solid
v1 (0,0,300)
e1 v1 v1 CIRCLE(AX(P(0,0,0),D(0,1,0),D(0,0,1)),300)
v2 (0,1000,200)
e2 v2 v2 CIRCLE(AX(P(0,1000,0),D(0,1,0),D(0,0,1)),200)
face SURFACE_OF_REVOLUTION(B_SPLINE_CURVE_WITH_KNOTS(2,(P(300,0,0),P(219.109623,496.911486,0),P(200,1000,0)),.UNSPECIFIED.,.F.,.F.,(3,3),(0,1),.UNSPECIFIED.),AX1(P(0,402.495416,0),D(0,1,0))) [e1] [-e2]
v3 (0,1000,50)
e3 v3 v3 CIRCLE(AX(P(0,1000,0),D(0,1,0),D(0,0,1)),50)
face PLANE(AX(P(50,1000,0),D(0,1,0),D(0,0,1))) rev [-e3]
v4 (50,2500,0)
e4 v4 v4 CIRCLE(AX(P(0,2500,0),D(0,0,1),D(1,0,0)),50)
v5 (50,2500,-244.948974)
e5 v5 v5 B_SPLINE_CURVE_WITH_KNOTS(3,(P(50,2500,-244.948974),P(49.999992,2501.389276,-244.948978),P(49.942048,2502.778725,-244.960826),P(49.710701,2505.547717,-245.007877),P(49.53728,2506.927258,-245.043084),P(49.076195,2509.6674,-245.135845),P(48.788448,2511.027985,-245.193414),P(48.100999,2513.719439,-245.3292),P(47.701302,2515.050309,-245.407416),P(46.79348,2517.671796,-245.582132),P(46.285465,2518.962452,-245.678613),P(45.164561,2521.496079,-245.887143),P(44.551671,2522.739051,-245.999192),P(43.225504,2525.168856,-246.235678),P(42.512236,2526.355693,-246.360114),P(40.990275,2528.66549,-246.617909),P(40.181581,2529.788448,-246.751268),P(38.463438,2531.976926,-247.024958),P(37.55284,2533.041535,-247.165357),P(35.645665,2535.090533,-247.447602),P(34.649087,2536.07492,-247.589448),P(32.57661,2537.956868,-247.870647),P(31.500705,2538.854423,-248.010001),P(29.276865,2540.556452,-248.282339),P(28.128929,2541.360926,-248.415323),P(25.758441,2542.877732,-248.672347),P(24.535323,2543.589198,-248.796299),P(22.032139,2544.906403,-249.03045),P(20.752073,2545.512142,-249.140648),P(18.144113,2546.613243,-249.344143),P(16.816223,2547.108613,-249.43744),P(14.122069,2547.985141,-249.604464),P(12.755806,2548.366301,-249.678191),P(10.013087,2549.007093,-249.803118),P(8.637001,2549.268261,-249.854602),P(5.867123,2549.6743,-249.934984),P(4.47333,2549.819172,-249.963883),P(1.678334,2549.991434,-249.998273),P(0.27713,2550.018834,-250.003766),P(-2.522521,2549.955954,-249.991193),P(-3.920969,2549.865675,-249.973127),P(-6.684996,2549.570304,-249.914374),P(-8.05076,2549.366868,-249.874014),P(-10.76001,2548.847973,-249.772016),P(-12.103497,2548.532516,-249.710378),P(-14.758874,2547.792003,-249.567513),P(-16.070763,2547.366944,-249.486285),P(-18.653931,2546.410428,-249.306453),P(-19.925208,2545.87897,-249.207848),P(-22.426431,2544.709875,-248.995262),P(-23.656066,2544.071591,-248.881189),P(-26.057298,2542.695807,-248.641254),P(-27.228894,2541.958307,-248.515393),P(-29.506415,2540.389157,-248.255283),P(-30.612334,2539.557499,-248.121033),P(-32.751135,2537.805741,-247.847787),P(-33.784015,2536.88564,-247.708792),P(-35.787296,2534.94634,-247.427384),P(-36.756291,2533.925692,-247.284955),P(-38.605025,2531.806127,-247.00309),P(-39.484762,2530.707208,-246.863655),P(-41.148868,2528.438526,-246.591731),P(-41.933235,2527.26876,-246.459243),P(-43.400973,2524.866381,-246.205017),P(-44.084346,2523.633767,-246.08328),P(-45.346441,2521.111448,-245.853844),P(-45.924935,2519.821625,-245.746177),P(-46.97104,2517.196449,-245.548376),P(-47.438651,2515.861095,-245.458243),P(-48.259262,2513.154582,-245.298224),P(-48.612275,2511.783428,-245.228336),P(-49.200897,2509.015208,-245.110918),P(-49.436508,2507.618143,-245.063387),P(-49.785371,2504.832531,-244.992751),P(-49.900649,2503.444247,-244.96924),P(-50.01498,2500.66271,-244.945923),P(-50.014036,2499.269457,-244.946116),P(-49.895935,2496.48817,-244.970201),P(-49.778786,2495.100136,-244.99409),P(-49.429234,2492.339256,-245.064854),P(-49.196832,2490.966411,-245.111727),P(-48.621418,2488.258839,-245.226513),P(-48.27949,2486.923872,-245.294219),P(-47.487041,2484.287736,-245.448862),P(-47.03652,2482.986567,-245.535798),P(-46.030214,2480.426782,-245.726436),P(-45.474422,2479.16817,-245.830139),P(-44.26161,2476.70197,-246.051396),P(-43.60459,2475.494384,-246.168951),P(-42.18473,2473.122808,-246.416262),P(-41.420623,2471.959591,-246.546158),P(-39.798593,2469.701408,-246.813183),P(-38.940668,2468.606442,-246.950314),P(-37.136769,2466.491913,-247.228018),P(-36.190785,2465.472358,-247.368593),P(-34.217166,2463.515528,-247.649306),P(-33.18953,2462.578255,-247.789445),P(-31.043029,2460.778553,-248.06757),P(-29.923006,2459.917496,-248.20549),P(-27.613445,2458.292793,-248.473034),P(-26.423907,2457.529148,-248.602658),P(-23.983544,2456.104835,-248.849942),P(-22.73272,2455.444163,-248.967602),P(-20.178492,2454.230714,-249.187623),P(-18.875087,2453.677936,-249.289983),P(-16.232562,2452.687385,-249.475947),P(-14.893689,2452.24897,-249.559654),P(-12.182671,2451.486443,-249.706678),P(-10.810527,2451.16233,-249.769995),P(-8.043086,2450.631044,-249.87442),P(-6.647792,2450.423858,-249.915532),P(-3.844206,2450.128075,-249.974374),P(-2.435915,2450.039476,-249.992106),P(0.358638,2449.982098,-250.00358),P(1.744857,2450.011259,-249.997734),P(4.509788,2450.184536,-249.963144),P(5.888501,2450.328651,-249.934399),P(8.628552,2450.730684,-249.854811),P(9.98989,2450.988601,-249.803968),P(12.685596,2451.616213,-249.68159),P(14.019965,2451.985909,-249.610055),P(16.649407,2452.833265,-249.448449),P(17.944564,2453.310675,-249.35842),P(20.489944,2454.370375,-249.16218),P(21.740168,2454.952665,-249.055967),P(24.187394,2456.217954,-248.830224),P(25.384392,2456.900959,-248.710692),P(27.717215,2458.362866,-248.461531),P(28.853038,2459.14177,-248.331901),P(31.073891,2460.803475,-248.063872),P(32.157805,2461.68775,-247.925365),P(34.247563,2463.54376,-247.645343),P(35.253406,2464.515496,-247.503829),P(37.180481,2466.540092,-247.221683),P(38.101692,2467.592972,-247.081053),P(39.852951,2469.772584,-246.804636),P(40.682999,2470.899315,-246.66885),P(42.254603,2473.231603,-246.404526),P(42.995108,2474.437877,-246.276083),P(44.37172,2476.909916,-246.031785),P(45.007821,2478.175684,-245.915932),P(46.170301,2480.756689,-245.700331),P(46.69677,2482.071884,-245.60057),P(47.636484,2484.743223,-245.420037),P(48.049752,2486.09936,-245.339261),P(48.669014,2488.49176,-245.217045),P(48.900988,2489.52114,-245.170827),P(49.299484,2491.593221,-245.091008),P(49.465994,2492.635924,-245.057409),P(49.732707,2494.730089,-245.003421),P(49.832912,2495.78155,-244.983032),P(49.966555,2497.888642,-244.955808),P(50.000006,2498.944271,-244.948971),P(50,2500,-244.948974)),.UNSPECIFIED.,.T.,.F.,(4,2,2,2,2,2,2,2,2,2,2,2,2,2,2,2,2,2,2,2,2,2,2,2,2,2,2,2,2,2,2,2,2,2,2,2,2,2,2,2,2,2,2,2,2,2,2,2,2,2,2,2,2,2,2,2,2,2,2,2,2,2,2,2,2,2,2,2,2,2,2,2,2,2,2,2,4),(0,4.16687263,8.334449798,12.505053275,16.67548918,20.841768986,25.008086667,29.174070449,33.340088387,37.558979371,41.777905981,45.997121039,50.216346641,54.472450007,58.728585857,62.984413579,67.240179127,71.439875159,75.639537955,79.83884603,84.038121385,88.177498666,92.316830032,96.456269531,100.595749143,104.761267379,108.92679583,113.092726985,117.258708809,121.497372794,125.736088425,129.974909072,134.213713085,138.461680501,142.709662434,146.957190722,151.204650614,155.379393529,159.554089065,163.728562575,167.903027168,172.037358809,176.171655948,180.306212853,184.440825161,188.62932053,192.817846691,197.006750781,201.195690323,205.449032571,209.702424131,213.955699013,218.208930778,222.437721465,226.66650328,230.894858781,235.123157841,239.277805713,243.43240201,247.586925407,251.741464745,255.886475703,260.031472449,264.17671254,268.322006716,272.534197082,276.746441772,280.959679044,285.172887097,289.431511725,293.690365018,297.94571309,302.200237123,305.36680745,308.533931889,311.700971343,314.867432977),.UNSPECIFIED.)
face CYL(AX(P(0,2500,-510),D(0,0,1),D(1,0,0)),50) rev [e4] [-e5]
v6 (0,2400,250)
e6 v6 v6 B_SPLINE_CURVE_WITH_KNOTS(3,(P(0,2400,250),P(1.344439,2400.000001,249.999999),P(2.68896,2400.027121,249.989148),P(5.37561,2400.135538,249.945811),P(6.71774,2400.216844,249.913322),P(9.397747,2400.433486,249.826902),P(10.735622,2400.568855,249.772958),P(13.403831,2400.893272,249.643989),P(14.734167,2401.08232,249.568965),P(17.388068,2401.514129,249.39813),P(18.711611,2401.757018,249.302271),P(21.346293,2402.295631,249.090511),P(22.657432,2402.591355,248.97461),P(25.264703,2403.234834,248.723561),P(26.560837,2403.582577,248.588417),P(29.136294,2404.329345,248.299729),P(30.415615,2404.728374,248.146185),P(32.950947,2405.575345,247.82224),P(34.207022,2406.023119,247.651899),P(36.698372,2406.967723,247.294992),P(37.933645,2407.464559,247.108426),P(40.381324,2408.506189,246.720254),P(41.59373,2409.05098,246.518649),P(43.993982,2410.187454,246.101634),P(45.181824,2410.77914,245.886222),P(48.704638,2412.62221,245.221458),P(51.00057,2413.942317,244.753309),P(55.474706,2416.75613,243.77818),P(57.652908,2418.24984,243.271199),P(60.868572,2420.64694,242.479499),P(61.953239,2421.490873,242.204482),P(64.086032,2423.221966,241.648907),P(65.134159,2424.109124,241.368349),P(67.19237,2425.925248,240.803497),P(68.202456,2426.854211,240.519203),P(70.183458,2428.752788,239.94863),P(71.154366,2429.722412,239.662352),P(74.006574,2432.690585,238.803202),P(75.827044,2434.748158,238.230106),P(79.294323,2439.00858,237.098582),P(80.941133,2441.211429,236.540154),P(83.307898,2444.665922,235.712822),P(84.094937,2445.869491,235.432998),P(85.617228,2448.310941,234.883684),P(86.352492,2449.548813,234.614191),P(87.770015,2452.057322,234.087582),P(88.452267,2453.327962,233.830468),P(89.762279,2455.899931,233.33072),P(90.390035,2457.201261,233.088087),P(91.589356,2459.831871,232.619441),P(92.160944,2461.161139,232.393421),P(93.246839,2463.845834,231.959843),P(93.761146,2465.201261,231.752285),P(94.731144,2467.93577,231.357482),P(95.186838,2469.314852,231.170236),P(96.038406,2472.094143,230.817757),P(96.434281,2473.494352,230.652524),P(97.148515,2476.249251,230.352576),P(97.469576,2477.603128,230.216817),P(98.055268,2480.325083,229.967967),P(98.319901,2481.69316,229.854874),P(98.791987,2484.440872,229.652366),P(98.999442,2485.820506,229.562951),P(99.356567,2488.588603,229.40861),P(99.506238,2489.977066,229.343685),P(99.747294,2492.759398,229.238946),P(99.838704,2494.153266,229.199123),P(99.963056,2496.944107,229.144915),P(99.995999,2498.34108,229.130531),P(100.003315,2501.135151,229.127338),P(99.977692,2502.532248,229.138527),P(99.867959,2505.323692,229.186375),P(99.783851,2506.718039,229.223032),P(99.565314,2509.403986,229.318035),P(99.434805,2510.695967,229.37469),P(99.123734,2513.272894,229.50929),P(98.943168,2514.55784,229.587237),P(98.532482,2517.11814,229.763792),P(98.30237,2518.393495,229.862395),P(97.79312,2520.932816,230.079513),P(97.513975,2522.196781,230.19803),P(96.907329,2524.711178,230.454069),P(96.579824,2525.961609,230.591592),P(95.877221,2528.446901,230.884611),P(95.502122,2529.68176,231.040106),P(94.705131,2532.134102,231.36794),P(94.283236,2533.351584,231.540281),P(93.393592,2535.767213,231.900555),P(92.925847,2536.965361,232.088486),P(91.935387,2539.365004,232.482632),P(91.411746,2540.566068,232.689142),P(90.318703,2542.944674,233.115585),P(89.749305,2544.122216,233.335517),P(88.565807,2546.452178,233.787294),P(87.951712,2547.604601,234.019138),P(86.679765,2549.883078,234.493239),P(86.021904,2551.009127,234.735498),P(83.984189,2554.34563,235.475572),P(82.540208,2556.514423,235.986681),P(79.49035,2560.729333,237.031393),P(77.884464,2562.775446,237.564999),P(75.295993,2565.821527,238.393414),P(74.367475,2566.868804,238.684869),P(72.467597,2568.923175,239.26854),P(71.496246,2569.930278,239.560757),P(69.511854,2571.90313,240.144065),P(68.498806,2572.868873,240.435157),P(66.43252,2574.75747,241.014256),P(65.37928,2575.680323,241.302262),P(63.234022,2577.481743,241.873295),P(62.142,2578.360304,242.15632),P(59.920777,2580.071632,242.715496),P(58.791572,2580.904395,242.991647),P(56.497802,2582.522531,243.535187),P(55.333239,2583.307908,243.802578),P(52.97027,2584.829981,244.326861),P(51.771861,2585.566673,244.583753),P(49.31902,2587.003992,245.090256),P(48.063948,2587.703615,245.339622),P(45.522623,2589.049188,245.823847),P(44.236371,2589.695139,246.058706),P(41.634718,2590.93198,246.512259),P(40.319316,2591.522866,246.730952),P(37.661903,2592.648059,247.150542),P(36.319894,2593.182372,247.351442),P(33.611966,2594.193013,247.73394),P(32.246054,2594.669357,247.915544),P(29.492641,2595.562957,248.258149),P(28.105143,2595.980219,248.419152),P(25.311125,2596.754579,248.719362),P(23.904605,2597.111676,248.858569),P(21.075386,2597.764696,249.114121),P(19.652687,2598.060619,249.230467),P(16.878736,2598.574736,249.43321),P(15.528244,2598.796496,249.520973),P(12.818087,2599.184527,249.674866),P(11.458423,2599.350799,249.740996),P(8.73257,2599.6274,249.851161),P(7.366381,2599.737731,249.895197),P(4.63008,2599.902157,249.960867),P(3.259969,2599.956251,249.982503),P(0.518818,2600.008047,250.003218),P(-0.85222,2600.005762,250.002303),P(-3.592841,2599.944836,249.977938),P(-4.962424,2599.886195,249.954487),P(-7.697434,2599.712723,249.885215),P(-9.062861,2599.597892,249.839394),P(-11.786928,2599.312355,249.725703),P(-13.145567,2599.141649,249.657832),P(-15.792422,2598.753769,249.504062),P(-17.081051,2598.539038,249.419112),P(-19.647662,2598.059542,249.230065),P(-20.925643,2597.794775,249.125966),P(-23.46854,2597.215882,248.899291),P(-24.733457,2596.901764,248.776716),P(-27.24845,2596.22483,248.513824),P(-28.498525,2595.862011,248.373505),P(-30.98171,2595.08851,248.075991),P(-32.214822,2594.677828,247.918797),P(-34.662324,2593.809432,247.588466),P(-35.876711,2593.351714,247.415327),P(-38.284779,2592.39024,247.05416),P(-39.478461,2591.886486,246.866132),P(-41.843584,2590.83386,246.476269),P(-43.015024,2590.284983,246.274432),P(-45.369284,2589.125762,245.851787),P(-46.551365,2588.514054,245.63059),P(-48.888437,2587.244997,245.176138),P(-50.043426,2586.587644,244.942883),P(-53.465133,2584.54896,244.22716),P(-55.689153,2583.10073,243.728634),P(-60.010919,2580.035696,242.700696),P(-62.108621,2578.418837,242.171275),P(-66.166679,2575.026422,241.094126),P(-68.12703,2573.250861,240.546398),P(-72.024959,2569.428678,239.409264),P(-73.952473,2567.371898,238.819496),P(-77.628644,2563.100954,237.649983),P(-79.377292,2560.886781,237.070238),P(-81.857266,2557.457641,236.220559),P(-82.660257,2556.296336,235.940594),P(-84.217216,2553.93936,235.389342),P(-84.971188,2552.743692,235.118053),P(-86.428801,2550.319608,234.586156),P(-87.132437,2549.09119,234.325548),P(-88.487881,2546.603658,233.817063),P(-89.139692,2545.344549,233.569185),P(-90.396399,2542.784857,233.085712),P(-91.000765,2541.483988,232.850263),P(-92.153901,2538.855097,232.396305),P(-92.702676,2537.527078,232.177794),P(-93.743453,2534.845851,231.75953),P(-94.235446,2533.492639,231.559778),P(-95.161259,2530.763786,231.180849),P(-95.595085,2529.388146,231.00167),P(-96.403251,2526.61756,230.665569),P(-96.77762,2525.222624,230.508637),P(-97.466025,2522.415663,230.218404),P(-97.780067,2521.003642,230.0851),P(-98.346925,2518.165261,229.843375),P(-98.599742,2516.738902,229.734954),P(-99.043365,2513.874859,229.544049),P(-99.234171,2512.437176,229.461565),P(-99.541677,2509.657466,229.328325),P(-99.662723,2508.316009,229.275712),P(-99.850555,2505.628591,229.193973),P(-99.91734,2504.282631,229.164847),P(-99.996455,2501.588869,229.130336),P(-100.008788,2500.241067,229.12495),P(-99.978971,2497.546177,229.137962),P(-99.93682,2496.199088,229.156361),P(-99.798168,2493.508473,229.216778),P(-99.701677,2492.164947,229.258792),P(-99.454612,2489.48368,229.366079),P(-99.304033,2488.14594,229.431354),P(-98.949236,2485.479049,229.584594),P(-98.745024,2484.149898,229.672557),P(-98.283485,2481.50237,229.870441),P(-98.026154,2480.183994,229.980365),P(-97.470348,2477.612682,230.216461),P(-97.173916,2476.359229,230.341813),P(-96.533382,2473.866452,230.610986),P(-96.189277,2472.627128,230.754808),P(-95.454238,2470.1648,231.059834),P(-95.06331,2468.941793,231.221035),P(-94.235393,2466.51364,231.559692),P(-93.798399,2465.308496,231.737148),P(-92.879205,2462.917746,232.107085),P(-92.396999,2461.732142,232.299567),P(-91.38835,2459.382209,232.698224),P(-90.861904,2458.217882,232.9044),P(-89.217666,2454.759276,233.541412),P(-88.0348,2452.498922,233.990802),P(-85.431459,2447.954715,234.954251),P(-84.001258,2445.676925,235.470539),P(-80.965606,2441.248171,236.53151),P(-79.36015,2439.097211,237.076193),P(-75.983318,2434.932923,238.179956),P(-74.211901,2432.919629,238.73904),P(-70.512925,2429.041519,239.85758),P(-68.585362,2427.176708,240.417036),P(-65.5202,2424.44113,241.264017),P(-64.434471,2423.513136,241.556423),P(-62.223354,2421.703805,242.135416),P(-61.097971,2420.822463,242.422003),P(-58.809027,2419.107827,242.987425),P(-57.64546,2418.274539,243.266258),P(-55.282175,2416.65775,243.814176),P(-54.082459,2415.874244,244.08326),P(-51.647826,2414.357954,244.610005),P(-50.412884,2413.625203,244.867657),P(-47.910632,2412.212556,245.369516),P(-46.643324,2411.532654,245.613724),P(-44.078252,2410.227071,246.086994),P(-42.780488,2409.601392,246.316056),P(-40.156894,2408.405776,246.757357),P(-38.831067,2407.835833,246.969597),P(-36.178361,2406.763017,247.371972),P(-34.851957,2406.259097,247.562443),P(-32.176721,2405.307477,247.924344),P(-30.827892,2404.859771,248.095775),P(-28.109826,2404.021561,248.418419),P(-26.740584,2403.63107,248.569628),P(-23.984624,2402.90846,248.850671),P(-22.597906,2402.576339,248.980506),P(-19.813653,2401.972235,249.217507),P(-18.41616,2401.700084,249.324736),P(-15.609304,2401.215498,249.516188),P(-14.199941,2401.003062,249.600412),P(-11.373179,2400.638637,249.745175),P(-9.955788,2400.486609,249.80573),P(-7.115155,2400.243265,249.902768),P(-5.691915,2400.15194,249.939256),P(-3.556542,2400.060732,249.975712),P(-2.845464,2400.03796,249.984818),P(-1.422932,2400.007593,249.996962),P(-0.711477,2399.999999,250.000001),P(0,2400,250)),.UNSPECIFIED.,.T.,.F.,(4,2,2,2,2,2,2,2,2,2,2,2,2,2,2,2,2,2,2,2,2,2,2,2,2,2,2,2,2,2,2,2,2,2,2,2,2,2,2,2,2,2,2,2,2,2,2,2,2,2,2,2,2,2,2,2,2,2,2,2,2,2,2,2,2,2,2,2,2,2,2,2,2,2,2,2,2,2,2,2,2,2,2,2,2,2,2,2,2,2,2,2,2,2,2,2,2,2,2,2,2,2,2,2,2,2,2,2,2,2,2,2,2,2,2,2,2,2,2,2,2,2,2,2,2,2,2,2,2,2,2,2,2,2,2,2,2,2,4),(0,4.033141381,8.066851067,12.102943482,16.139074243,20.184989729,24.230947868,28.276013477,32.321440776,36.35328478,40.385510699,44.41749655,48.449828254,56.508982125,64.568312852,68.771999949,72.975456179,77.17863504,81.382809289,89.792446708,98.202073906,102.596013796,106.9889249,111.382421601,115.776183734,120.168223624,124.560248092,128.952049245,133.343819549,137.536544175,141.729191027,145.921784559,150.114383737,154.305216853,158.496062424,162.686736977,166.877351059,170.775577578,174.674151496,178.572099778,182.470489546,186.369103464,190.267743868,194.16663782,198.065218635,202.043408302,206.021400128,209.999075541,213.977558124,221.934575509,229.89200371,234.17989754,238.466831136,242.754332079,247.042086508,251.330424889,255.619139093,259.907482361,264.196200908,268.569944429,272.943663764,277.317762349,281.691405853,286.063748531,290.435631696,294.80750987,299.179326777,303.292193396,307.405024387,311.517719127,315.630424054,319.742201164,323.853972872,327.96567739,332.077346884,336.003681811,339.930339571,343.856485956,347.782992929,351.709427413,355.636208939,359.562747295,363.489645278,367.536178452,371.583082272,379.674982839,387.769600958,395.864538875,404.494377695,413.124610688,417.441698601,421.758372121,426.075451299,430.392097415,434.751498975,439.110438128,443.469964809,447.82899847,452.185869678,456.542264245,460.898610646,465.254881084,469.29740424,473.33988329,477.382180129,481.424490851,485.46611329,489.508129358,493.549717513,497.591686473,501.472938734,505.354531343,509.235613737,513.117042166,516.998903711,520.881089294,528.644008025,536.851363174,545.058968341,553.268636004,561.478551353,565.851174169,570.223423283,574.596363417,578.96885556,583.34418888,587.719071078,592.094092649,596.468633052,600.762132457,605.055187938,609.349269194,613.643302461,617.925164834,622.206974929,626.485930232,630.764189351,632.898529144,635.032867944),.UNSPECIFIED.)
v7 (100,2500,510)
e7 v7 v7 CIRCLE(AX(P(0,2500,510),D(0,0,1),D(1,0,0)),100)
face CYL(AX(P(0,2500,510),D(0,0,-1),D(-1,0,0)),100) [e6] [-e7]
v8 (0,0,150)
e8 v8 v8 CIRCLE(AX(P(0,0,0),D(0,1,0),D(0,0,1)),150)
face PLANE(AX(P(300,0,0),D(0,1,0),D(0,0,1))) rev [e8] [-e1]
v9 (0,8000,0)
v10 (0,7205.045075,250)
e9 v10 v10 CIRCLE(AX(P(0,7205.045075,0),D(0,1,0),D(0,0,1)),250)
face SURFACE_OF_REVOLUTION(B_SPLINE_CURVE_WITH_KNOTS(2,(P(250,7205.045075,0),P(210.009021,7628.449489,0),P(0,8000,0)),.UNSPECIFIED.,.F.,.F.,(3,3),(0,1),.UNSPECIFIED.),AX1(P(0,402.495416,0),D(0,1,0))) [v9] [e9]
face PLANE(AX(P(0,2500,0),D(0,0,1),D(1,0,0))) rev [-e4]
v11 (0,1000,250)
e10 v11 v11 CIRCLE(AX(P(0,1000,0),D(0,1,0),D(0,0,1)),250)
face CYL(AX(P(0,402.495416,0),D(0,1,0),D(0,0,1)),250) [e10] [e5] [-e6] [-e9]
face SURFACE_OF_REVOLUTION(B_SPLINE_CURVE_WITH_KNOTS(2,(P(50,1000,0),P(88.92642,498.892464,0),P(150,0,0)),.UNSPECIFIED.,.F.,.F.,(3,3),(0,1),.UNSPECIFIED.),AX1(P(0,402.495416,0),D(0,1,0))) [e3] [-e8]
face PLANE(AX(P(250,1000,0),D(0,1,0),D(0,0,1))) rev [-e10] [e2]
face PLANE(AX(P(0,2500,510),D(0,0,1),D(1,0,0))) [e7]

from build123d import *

# Parameters (mm, degrees)
SKETCH2_R           = 100
BOSS_EXTRUDE1_DEPTH = 510
SKETCH3_R           = 50
CUT_EXTRUDE1_DEPTH  = 510


with BuildPart() as part:
    # Sketch1 → Revolve1 (revolve)
    with BuildSketch(Plane.XY, mode=Mode.PRIVATE) as revolve1_sk:
        with BuildLine():
            Line((0, 8000), (0, 1000))
            Line((0, 1000), (50, 1000))
            add(Edge.make_bspline(
                [(50, 1000), (88.926420229, 498.892463954), (150, 0)],
                knots=[0, 0, 0, 1, 1, 1], degree=2))
            Line((150, 0), (300, 0))
            add(Edge.make_bspline(
                [(200, 1000), (219.10962266, 496.911485784), (300, 0)],
                knots=[0, 0, 0, 1, 1, 1], degree=2))
            Line((200, 1000), (250, 1000))
            Line((250, 1000), (250, 7205.045074908))
            add(Edge.make_bspline(
                [(0, 8000), (210.009020849, 7628.449489371), (250, 7205.045074908)],
                knots=[0, 0, 0, 1, 1, 1], degree=2))
        make_face()
    revolve(revolve1_sk.sketch.rotate(Axis((0, 402.495416157, 0), (0, -1, 0)), 90), axis=Axis((0, 402.495416157, 0), (0, -1, 0)))

    # Sketch2 → Boss-Extrude1 (add)
    with BuildSketch(Plane.XY):
        with Locations(Location((0, 2500, 0), (0, 0, 270))):
            Circle(SKETCH2_R)
    extrude(amount=BOSS_EXTRUDE1_DEPTH)

    # Sketch3 → Cut-Extrude1 (cut)
    with BuildSketch(Plane.XY):
        with Locations((0, 2500)):
            Circle(SKETCH3_R)
    extrude(amount=-CUT_EXTRUDE1_DEPTH, mode=Mode.SUBTRACT)


solid = part.part
